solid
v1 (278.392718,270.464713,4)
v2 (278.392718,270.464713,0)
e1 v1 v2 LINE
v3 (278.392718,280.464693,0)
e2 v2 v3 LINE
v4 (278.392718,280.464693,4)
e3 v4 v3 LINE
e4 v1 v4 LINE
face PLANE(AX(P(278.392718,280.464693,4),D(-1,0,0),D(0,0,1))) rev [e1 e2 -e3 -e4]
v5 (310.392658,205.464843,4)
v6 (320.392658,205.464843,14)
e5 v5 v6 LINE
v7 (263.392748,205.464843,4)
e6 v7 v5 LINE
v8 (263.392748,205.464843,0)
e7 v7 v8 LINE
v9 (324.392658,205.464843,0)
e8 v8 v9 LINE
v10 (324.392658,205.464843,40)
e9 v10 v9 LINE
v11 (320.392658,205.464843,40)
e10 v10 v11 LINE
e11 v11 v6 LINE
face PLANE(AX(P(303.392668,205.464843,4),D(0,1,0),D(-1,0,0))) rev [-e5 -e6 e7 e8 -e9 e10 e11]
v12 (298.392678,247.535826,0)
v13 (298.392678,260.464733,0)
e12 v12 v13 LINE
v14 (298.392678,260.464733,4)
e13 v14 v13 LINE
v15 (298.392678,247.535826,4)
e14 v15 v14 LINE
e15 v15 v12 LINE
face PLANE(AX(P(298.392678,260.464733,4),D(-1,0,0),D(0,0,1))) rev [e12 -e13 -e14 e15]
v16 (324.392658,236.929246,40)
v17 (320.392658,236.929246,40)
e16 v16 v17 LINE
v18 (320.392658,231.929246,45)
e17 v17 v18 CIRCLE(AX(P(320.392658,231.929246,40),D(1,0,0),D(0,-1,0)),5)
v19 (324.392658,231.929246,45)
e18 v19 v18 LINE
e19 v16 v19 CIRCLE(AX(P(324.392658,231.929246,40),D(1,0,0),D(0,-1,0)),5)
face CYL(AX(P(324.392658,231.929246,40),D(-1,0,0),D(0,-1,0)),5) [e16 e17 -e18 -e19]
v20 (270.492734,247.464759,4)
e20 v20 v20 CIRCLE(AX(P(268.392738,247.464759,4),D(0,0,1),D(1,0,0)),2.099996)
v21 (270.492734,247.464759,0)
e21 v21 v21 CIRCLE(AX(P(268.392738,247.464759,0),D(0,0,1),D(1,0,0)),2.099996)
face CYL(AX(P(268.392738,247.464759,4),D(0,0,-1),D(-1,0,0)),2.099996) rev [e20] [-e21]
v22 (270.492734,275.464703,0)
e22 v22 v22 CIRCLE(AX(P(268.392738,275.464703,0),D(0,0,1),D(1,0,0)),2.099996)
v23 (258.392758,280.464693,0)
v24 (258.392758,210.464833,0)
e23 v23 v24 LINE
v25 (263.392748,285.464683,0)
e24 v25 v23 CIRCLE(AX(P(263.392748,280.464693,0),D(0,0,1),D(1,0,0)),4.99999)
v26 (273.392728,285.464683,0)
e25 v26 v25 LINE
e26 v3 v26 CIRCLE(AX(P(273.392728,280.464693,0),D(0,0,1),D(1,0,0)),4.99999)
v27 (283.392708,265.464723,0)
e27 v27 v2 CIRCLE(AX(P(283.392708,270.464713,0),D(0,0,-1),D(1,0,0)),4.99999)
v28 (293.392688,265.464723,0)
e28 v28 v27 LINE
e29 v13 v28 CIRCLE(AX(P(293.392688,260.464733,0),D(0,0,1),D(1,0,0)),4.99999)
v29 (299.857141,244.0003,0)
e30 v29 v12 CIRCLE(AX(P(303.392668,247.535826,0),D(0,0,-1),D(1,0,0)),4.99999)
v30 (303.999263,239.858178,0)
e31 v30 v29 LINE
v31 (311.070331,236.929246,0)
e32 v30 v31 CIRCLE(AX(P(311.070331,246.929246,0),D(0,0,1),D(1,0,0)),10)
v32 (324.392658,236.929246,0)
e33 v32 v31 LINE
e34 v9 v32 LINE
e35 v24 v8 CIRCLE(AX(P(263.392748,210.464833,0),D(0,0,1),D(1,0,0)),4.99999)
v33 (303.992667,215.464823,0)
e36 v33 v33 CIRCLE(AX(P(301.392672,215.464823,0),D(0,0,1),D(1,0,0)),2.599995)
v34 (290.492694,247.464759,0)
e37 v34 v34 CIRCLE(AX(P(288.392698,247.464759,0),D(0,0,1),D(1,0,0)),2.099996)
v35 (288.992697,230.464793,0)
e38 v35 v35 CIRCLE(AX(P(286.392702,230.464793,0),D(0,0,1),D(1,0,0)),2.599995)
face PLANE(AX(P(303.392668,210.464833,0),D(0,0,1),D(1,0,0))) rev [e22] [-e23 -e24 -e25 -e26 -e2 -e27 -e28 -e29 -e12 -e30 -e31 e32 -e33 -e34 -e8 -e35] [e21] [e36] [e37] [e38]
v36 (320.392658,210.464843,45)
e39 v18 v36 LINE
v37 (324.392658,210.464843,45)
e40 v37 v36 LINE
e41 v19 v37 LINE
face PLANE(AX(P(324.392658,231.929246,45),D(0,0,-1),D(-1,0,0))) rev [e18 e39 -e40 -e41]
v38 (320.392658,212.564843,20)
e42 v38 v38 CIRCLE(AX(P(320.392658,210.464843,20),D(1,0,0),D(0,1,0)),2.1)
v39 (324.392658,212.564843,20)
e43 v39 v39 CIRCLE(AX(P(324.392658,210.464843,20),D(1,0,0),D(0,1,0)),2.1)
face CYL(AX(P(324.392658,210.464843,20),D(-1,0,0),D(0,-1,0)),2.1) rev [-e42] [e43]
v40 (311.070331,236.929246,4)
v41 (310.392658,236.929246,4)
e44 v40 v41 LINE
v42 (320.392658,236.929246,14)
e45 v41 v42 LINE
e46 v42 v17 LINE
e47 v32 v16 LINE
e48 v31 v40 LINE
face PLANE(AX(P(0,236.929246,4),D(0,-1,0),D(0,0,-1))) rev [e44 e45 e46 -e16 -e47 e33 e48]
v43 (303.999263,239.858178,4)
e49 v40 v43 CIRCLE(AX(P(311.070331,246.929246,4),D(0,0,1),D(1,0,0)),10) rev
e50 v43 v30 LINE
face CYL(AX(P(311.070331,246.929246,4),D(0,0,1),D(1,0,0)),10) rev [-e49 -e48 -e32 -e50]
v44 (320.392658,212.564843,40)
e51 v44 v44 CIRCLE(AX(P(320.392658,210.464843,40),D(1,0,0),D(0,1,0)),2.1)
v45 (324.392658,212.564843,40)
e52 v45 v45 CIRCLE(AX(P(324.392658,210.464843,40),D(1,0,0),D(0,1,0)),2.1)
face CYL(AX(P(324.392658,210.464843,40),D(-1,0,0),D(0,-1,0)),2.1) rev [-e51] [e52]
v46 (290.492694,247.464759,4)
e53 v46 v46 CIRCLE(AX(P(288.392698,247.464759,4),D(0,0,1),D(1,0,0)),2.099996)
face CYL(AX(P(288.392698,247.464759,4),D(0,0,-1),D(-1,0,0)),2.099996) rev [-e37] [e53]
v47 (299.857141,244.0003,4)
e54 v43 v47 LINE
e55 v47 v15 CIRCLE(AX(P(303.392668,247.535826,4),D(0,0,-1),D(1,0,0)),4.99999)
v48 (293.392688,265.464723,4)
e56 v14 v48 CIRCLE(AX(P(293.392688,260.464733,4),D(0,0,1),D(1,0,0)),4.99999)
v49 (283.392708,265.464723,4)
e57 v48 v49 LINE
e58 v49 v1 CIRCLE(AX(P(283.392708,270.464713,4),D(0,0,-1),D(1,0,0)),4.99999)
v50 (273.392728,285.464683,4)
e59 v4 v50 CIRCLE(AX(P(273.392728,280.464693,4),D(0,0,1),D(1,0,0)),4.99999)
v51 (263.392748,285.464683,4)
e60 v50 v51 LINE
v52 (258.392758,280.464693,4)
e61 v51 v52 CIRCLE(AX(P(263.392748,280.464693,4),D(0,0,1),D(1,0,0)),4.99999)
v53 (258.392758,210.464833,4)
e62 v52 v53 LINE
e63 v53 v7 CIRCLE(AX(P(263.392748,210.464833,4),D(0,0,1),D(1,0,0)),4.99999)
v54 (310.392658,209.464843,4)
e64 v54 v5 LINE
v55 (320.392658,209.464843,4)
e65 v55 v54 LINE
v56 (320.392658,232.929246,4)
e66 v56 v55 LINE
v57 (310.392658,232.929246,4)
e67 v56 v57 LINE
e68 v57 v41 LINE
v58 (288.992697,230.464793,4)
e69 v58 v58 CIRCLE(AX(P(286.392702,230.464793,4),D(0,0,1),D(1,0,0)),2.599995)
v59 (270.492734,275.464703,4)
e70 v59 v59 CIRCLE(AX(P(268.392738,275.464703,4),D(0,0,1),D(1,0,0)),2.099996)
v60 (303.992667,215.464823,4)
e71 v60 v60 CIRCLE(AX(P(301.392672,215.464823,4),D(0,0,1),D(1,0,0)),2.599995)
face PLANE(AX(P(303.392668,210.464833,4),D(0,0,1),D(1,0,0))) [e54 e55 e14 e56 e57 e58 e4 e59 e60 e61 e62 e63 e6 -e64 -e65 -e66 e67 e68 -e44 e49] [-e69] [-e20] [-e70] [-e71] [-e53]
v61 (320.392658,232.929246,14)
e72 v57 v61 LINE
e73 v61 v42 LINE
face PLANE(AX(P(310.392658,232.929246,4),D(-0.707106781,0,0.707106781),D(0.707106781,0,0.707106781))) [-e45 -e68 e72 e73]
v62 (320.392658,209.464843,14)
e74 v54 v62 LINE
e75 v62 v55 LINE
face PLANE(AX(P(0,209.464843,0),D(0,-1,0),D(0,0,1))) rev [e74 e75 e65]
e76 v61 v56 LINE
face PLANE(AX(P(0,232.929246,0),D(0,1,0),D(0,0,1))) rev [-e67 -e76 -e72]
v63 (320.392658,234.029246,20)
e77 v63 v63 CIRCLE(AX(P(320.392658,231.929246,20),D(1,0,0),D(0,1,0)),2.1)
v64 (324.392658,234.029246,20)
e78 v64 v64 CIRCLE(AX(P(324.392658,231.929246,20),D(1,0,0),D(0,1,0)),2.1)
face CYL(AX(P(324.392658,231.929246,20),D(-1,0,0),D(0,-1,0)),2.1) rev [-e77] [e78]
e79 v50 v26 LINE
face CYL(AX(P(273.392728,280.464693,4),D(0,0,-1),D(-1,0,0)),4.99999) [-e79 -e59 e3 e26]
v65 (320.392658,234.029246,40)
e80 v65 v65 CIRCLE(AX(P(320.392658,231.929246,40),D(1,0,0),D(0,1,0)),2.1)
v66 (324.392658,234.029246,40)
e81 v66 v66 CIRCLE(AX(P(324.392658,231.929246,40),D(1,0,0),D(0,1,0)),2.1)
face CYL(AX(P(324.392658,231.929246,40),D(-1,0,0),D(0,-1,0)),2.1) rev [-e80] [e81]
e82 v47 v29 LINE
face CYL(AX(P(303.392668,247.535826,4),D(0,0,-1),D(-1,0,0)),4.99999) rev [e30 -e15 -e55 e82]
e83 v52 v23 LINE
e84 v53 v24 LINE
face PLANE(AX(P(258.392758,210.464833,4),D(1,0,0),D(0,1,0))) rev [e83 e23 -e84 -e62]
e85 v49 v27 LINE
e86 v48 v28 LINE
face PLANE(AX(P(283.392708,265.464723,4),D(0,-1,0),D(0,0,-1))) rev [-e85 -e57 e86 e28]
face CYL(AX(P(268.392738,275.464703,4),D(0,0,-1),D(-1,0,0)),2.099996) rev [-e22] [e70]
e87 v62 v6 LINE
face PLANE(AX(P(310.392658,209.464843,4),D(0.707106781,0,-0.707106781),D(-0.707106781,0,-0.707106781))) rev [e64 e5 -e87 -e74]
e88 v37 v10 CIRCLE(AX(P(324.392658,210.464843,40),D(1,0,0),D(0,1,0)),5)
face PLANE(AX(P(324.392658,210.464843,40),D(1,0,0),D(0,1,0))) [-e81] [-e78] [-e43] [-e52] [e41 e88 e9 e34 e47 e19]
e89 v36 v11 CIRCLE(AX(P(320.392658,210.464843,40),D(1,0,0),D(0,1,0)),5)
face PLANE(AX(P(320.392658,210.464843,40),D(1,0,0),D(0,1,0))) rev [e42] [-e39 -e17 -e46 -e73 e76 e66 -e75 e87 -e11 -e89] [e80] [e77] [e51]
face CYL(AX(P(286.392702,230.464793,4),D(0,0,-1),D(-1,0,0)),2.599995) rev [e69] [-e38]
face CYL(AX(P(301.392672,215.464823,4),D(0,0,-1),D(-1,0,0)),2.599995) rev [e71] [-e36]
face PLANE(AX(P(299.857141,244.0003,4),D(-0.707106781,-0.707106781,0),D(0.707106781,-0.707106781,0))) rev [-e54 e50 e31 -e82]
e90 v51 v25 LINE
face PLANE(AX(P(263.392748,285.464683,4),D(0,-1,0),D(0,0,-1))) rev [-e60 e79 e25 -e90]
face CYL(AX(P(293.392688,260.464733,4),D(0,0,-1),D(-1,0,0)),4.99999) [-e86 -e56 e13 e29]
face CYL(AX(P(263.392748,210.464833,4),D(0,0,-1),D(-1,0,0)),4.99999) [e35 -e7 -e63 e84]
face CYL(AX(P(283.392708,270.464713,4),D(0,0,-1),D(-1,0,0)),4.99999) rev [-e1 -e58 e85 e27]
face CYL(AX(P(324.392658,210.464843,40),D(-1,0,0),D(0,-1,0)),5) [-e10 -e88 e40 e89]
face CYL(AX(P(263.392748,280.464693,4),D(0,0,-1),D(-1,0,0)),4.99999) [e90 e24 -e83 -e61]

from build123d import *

# Parameters (mm, degrees)
MODEL_R         = 2.5999948
MODEL_R_2       = 2.0999958
EXTRUDE_1_DEPTH = 4
EXTRUDE_2_DEPTH = 4
FILLET_1_R      = 10
SKETCH_4_R      = 2.1
EXTRUDE_3_DEPTH = 4
EXTRUDE_4_DEPTH = 4


with BuildPart() as part:
    # Model → Бобышка-Вытянуть1 (new body)
    with BuildSketch(Plane.XY):
        with BuildLine():
            Line((308.392658055, 233.393719024), (308.392658055, 210.464832693))
            ThreePointArc((308.392658055, 210.464832693), (306.92819489, 206.929305859), (303.392668055, 205.464842693))
            Line((303.392668055, 205.464842693), (263.392748055, 205.464842693))
            ThreePointArc((263.392748055, 205.464842693), (259.85722122, 206.929305859), (258.392758055, 210.464832693))
            Line((258.392758055, 210.464832693), (258.392758055, 280.464692693))
            ThreePointArc((258.392758055, 280.464692693), (259.85722122, 284.000219528), (263.392748055, 285.464682693))
            Line((263.392748055, 285.464682693), (273.392728055, 285.464682693))
            ThreePointArc((273.392728055, 285.464682693), (276.92825489, 284.000219528), (278.392718055, 280.464692693))
            Line((278.392718055, 280.464692693), (278.392718055, 270.464712693))
            ThreePointArc((278.392718055, 270.464712693), (279.85718122, 266.929185859), (283.392708055, 265.464722693))
            Line((283.392708055, 265.464722693), (293.392688055, 265.464722693))
            ThreePointArc((293.392688055, 265.464722693), (296.92821489, 264.000259528), (298.392678055, 260.464732693))
            Line((298.392678055, 260.464732693), (298.392678055, 247.535826363))
            ThreePointArc((298.392678055, 247.535826363), (298.773279631, 245.622413028), (299.85714122, 244.000299528))
            Line((299.85714122, 244.000299528), (306.92819489, 236.929245859))
            ThreePointArc((306.92819489, 236.929245859), (308.012056479, 235.307132359), (308.392658055, 233.393719024))
        make_face()
        with Locations((286.392702055, 230.464792693)):
            Circle(MODEL_R, mode=Mode.SUBTRACT)
        with Locations((301.392672055, 215.464822693)):
            Circle(MODEL_R, mode=Mode.SUBTRACT)
        with Locations((268.392738055, 275.464702693)):
            Circle(MODEL_R_2, mode=Mode.SUBTRACT)
        with Locations((268.392738055, 247.464758693)):
            Circle(MODEL_R_2, mode=Mode.SUBTRACT)
        with Locations((288.392698055, 247.464758693)):
            Circle(MODEL_R_2, mode=Mode.SUBTRACT)
    extrude(amount=EXTRUDE_1_DEPTH)

    # Эскиз1 → Бобышка-Вытянуть2 (add)
    with BuildSketch(Plane(origin=(0, 0, 0), x_dir=(-1, 0, 0), z_dir=(0, 0, -1))):
        with BuildLine():
            Line((-308.392658055, 210.464832693), (-308.392658055, 232.615855145))
            Line((-308.392658055, 232.615855145), (-308.392658055, 233.393719024))
            ThreePointArc((-308.392658055, 233.393719024), (-308.012056479, 235.307132359), (-306.92819489, 236.929245859))
            Line((-306.92819489, 236.929245859), (-308.392658055, 236.929245859))
            Line((-308.392658055, 236.929245859), (-320.392658055, 236.929245859))
            Line((-320.392658055, 236.929245859), (-320.392658055, 205.464842693))
            Line((-320.392658055, 205.464842693), (-308.392658055, 205.464842693))
            Line((-308.392658055, 205.464842693), (-303.392668055, 205.464842693))
            ThreePointArc((-303.392668055, 205.464842693), (-306.92819489, 206.929305859), (-308.392658055, 210.464832693))
        make_face()
    extrude(amount=-EXTRUDE_2_DEPTH)

    # Скругление1
    fillet_1_edges = [part.edges().sort_by_distance(p)[0] for p in [
        (306.92819489, 236.929245859, 2),
    ]]
    fillet(fillet_1_edges, radius=FILLET_1_R)

    # Эскиз4 → Бобышка-Вытянуть3 (add)
    with BuildSketch(Plane(origin=(320.392658055, 0, 0), x_dir=(0, 0, -1), z_dir=(1, 0, 0))):
        with BuildLine():
            Line((0, 236.929245859), (-40, 236.929245859))
            ThreePointArc((-40, 236.929245859), (-43.535533906, 235.464779764), (-45, 231.929245859))
            Line((-45, 231.929245859), (-45, 210.464842693))
            ThreePointArc((-45, 210.464842693), (-43.535533906, 206.929308787), (-40, 205.464842693))
            Line((-40, 205.464842693), (0, 205.464842693))
            Line((0, 205.464842693), (0, 236.929245859))
        make_face()
        with Locations(Location((-40, 231.929245859, 0), (0, 0, 90))):
            Circle(SKETCH_4_R, mode=Mode.SUBTRACT)
        with Locations(Location((-40, 210.464842693, 0), (0, 0, 90))):
            Circle(SKETCH_4_R, mode=Mode.SUBTRACT)
        with Locations(Location((-20, 231.929245859, 0), (0, 0, 90))):
            Circle(SKETCH_4_R, mode=Mode.SUBTRACT)
        with Locations(Location((-20, 210.464842693, 0), (0, 0, 90))):
            Circle(SKETCH_4_R, mode=Mode.SUBTRACT)
    extrude(amount=EXTRUDE_3_DEPTH)

    # Эскиз5 → Бобышка-Вытянуть4 (add)
    with BuildSketch(Plane(origin=(0, 236.929245859, 0), x_dir=(1, 0, 0), z_dir=(0, 1, 0))):
        Polygon((320.392658055, -4), (310.392658055, -4), (320.392658055, -14), align=None)
    extrude_4 = extrude(amount=-EXTRUDE_4_DEPTH)

    # Зеркальное отражение1: Бобышка-Вытянуть4 across plane
    add(extrude_4.mirror(Plane.ZX.offset(221.197044276)))


solid = part.part
